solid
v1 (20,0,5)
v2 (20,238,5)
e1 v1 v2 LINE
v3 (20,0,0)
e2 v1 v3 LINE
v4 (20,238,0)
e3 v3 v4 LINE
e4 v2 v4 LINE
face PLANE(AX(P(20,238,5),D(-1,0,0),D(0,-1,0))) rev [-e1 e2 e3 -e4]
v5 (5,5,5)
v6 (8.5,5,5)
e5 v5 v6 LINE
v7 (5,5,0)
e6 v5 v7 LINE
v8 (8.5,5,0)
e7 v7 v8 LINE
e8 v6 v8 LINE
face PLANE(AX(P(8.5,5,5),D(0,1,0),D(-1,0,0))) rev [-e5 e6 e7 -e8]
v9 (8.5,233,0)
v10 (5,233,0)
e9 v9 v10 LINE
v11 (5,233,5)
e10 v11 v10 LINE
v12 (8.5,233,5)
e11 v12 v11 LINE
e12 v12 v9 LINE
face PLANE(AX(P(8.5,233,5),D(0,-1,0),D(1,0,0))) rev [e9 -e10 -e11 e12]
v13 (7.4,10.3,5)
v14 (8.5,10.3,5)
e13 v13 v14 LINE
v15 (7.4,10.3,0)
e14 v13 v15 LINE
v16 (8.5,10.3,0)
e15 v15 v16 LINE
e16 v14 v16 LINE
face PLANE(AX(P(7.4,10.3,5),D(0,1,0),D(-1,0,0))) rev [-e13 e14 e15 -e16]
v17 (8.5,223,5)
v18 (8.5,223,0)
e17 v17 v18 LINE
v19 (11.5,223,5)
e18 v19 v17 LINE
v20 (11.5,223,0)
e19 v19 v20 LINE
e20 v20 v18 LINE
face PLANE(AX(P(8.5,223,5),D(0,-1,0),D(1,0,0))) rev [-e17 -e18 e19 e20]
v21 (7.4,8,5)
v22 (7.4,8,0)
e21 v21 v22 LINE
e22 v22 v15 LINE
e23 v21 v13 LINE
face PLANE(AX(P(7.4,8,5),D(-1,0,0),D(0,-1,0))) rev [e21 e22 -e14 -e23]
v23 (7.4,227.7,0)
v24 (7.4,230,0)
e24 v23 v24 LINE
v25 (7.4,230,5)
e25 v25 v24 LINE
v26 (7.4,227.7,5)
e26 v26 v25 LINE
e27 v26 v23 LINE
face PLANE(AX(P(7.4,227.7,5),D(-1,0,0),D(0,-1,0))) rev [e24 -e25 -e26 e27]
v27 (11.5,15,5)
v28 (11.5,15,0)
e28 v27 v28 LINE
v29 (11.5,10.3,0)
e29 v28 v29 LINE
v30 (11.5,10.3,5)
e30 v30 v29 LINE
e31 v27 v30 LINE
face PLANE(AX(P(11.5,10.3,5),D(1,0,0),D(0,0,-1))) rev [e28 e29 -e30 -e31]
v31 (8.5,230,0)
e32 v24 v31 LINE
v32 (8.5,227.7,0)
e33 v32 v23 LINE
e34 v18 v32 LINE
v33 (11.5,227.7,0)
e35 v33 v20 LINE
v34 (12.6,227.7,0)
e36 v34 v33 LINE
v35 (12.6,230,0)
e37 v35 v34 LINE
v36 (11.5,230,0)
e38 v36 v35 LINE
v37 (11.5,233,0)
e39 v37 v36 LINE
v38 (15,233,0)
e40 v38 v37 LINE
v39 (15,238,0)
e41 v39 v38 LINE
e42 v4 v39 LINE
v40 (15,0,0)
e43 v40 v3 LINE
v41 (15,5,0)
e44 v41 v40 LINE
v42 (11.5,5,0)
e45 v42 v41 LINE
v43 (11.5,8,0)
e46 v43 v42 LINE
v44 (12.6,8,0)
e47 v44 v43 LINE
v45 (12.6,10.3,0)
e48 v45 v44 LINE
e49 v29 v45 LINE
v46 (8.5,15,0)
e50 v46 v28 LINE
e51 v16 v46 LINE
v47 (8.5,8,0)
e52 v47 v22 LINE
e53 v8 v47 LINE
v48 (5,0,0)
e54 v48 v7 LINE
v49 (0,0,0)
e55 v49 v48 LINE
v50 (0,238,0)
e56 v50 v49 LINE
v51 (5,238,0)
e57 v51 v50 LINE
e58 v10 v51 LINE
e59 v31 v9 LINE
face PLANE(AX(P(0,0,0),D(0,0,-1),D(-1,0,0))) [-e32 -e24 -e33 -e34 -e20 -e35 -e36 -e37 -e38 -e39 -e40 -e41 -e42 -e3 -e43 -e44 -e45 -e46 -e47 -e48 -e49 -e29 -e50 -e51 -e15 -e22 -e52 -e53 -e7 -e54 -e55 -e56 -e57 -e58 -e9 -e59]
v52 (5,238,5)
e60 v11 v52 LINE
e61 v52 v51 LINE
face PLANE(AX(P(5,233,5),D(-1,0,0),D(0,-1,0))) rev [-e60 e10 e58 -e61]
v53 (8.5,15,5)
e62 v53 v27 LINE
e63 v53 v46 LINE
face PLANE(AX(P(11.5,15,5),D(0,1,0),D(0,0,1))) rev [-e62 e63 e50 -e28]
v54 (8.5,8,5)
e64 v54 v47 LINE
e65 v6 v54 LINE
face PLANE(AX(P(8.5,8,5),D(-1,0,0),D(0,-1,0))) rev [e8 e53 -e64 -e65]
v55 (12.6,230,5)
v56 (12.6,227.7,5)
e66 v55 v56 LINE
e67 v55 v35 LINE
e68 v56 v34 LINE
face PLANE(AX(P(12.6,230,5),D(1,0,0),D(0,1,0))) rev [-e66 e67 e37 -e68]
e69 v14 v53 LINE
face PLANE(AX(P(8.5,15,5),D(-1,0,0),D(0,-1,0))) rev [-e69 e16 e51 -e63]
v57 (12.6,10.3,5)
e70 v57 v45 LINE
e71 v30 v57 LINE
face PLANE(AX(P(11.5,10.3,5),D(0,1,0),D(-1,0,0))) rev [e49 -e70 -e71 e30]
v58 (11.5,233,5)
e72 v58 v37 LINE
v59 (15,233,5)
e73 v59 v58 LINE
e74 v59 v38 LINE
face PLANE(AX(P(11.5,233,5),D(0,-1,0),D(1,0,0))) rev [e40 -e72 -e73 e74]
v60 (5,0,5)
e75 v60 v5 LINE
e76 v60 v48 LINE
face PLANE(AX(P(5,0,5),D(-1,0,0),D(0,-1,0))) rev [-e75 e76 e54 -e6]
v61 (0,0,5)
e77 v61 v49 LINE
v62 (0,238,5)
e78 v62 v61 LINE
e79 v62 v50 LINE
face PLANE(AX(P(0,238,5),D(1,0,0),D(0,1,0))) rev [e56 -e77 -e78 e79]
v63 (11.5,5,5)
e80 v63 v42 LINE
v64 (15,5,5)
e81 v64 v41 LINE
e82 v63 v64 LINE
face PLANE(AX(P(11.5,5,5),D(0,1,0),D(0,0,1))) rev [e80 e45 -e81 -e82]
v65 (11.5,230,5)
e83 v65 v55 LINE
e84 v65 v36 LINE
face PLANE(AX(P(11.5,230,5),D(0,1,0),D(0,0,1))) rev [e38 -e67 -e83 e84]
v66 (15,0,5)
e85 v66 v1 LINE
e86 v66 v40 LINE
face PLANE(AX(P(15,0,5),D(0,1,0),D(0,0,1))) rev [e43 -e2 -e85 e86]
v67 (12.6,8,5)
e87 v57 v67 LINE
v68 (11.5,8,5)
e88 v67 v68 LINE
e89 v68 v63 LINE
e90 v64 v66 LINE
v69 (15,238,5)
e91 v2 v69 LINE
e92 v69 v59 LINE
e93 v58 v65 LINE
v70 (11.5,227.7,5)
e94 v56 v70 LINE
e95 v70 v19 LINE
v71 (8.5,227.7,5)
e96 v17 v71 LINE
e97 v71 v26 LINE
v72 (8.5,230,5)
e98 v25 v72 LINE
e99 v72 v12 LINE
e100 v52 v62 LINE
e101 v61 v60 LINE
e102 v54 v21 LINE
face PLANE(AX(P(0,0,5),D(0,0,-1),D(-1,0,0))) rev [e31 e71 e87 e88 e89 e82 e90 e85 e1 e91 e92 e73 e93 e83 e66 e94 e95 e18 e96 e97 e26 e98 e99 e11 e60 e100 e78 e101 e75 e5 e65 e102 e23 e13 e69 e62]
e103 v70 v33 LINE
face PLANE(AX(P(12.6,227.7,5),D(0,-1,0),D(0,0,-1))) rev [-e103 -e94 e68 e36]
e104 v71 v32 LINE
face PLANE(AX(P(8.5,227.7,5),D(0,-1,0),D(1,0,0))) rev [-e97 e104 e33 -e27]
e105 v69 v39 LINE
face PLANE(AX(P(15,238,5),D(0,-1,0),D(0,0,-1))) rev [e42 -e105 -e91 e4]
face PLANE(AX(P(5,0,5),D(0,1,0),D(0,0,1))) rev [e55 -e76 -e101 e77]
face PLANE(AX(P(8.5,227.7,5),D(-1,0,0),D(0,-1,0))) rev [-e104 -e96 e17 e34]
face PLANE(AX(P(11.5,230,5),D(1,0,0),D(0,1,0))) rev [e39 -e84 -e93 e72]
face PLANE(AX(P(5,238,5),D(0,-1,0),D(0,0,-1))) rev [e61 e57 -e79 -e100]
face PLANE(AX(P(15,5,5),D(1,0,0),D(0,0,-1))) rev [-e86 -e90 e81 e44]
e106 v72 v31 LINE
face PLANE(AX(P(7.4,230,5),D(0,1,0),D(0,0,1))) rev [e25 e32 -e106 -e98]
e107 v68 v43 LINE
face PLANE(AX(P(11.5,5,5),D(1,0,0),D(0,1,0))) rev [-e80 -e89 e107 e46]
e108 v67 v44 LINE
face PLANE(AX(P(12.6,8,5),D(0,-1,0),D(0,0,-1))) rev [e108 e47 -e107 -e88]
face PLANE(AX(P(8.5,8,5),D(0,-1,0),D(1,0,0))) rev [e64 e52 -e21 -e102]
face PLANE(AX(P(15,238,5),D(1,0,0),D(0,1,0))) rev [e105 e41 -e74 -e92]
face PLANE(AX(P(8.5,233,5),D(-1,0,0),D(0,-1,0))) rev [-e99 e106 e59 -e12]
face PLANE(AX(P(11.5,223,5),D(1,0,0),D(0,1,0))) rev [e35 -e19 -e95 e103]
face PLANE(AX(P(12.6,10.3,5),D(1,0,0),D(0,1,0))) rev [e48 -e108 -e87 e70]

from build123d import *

# Parameters (mm, degrees)
BOSS_EXTRUDE1_DEPTH = 5


with BuildPart() as part:
    # Sketch1 → Boss-Extrude1 (new body)
    with BuildSketch(Plane.XY):
        Polygon((11.5, 233), (15, 233), (15, 238), (20, 238), (20, 233), (20, 5), (20, 0), (15, 0), (15, 5), (11.5, 5), (11.5, 8), (12.6, 8), (12.6, 10.3), (11.5, 10.3), (11.5, 15), (8.5, 15), (8.5, 10.3), (7.4, 10.3), (7.4, 8), (8.5, 8), (8.5, 5), (5, 5), (5, 0), (0, 0), (0, 5), (0, 233), (0, 238), (5, 238), (5, 233), (8.5, 233), (8.5, 230), (7.4, 230), (7.4, 227.7), (8.5, 227.7), (8.5, 223), (11.5, 223), (11.5, 227.7), (12.6, 227.7), (12.6, 230), (11.5, 230), align=None)
    extrude(amount=BOSS_EXTRUDE1_DEPTH)


solid = part.part
